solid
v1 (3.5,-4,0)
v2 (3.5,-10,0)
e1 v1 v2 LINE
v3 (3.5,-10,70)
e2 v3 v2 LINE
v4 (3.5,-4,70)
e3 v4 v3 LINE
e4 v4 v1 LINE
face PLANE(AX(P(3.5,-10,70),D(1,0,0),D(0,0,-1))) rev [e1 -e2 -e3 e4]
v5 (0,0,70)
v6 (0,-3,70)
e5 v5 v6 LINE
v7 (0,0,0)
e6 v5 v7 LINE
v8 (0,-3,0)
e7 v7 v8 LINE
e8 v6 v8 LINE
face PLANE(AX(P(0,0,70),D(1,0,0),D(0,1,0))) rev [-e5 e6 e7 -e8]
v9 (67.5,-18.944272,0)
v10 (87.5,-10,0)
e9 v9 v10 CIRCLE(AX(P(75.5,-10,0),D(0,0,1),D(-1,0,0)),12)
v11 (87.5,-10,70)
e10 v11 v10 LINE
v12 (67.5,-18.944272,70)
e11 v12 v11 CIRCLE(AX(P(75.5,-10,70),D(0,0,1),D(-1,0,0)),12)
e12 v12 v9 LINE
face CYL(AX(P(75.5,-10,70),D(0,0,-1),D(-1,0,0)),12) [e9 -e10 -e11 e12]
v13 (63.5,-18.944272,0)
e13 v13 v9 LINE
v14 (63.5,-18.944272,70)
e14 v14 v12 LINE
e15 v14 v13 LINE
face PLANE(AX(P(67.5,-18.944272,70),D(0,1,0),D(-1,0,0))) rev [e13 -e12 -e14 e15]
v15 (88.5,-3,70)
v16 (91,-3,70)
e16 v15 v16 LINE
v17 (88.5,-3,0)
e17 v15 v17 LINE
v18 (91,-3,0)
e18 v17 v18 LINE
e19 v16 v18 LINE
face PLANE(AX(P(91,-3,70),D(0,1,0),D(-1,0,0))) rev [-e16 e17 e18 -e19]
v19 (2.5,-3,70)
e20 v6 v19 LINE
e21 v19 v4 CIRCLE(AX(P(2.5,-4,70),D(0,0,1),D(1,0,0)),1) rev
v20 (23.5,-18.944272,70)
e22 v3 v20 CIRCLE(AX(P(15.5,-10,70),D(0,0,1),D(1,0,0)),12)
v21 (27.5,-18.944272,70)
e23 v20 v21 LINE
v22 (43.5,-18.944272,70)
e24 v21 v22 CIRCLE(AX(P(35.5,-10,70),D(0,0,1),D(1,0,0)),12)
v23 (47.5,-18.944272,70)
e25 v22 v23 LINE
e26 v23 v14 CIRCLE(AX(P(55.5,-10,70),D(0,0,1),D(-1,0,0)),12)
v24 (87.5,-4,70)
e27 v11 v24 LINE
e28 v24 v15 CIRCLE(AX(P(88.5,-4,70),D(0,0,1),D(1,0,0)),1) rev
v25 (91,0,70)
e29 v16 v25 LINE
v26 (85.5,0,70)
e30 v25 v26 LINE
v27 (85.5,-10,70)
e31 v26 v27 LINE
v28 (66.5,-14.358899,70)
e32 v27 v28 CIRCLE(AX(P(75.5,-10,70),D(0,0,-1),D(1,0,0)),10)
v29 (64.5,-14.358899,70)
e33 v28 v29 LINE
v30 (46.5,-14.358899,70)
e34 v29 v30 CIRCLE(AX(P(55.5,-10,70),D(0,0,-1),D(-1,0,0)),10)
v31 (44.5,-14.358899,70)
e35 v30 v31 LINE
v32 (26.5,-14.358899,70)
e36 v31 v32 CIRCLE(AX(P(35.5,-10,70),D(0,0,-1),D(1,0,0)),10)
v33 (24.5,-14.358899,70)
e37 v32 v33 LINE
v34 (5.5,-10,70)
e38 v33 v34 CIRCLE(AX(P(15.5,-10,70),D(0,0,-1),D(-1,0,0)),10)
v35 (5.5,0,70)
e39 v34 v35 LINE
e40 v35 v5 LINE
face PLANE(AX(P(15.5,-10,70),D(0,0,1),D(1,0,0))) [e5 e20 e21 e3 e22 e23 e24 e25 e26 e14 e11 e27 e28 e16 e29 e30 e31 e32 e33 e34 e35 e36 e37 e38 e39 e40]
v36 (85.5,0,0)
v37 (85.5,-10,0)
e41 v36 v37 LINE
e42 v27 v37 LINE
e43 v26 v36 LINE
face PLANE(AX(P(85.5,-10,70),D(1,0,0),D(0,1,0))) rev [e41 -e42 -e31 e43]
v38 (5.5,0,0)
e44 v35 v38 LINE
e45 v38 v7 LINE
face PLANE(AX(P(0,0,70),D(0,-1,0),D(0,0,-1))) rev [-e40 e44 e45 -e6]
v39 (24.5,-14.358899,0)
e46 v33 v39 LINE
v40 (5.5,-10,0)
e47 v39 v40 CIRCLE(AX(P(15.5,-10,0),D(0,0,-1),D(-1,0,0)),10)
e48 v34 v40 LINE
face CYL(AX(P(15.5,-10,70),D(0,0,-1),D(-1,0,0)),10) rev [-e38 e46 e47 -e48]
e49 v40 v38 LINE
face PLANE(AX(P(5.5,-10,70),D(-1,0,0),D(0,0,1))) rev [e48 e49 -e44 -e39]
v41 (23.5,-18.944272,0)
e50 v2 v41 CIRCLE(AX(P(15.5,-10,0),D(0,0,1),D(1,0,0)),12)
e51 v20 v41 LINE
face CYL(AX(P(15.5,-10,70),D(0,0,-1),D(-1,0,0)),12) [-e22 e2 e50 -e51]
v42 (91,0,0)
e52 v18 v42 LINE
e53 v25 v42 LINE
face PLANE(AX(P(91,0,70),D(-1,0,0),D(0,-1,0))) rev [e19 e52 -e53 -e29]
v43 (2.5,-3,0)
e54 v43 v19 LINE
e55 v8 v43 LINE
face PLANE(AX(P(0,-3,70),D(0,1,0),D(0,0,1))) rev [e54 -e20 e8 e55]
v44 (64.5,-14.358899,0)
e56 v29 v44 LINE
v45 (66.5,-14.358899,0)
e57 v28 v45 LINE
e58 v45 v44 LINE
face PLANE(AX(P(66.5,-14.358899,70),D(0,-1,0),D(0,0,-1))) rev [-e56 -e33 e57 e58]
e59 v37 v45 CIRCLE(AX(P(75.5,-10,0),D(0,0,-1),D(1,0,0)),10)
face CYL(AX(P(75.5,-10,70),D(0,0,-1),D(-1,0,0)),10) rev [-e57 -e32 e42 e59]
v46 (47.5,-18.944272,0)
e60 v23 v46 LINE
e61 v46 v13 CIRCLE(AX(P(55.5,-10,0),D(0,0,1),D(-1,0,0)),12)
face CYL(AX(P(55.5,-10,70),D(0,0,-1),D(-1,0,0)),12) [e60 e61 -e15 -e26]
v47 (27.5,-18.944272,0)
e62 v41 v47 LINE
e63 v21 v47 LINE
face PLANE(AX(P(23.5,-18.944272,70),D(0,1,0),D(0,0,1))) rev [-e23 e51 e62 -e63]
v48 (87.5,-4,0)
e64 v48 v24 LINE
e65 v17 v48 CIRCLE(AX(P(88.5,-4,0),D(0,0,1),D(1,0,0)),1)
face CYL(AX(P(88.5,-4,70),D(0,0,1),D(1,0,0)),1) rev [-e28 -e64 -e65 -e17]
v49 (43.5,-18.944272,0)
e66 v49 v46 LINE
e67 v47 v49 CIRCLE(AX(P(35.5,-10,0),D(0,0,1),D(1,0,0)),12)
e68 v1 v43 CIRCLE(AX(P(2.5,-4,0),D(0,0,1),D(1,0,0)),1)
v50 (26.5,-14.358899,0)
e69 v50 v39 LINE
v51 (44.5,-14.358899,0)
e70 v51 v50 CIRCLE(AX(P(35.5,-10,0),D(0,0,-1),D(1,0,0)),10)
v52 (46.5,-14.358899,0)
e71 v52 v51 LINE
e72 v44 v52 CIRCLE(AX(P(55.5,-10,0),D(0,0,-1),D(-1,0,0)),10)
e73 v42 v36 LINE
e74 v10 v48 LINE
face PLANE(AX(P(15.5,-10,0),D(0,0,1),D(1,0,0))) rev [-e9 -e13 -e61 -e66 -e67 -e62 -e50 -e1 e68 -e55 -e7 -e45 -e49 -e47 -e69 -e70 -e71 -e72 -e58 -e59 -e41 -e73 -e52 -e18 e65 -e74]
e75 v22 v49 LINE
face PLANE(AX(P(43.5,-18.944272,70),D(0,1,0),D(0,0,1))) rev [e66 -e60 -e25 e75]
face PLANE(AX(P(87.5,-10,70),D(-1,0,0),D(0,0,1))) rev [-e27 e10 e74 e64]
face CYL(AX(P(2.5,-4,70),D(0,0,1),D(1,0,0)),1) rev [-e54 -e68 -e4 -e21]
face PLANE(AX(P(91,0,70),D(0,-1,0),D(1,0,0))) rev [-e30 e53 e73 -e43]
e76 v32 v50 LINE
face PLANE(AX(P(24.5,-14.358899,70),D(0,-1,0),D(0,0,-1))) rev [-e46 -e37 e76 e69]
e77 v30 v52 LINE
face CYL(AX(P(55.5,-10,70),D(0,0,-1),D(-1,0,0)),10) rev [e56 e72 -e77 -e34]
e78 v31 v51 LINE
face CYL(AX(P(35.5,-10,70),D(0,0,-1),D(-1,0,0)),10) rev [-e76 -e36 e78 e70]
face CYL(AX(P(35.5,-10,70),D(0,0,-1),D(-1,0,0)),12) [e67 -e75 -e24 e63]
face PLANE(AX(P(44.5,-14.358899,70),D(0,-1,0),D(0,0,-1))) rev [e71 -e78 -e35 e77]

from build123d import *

# Parameters (mm, degrees)
BOSS_EXTRUDE1_DEPTH = 70
FILLET2_R           = 1


with BuildPart() as part:
    # Sketch1 → Boss-Extrude1 (new body)
    with BuildSketch(Plane.XY):
        with BuildLine():
            Line((0, 0), (5.5, 0))
            Line((5.5, 0), (5.5, -10))
            ThreePointArc((5.5, -10), (13.263932023, -19.746794345), (24.5, -14.358898944))
            Line((24.5, -14.358898944), (26.5, -14.358898944))
            ThreePointArc((26.5, -14.358898944), (35.5, -20), (44.5, -14.358898944))
            Line((44.5, -14.358898944), (46.5, -14.358898944))
            ThreePointArc((46.5, -14.358898944), (55.5, -20), (64.5, -14.358898944))
            Line((64.5, -14.358898944), (66.5, -14.358898944))
            ThreePointArc((66.5, -14.358898944), (77.736067977, -19.746794345), (85.5, -10))
            Line((85.5, -10), (85.5, 0))
            Line((85.5, 0), (91, 0))
            Line((91, 0), (91, -3))
            Line((91, -3), (87.5, -3))
            Line((87.5, -3), (87.5, -10))
            ThreePointArc((87.5, -10), (80.398979486, -20.95445115), (67.5, -18.94427191))
            Line((67.5, -18.94427191), (63.5, -18.94427191))
            ThreePointArc((63.5, -18.94427191), (55.5, -22), (47.5, -18.94427191))
            Line((47.5, -18.94427191), (43.5, -18.94427191))
            ThreePointArc((43.5, -18.94427191), (35.5, -22), (27.5, -18.94427191))
            Line((27.5, -18.94427191), (23.5, -18.94427191))
            ThreePointArc((23.5, -18.94427191), (10.601020514, -20.95445115), (3.5, -10))
            Line((3.5, -10), (3.5, -3))
            Line((3.5, -3), (0, -3))
            Line((0, -3), (0, 0))
        make_face()
    extrude(amount=BOSS_EXTRUDE1_DEPTH)

    # Fillet2
    fillet2_edges = [part.edges().sort_by_distance(p)[0] for p in [
        (87.5, -3, 35),
        (3.5, -3, 35),
    ]]
    fillet(fillet2_edges, radius=FILLET2_R)


solid = part.part
